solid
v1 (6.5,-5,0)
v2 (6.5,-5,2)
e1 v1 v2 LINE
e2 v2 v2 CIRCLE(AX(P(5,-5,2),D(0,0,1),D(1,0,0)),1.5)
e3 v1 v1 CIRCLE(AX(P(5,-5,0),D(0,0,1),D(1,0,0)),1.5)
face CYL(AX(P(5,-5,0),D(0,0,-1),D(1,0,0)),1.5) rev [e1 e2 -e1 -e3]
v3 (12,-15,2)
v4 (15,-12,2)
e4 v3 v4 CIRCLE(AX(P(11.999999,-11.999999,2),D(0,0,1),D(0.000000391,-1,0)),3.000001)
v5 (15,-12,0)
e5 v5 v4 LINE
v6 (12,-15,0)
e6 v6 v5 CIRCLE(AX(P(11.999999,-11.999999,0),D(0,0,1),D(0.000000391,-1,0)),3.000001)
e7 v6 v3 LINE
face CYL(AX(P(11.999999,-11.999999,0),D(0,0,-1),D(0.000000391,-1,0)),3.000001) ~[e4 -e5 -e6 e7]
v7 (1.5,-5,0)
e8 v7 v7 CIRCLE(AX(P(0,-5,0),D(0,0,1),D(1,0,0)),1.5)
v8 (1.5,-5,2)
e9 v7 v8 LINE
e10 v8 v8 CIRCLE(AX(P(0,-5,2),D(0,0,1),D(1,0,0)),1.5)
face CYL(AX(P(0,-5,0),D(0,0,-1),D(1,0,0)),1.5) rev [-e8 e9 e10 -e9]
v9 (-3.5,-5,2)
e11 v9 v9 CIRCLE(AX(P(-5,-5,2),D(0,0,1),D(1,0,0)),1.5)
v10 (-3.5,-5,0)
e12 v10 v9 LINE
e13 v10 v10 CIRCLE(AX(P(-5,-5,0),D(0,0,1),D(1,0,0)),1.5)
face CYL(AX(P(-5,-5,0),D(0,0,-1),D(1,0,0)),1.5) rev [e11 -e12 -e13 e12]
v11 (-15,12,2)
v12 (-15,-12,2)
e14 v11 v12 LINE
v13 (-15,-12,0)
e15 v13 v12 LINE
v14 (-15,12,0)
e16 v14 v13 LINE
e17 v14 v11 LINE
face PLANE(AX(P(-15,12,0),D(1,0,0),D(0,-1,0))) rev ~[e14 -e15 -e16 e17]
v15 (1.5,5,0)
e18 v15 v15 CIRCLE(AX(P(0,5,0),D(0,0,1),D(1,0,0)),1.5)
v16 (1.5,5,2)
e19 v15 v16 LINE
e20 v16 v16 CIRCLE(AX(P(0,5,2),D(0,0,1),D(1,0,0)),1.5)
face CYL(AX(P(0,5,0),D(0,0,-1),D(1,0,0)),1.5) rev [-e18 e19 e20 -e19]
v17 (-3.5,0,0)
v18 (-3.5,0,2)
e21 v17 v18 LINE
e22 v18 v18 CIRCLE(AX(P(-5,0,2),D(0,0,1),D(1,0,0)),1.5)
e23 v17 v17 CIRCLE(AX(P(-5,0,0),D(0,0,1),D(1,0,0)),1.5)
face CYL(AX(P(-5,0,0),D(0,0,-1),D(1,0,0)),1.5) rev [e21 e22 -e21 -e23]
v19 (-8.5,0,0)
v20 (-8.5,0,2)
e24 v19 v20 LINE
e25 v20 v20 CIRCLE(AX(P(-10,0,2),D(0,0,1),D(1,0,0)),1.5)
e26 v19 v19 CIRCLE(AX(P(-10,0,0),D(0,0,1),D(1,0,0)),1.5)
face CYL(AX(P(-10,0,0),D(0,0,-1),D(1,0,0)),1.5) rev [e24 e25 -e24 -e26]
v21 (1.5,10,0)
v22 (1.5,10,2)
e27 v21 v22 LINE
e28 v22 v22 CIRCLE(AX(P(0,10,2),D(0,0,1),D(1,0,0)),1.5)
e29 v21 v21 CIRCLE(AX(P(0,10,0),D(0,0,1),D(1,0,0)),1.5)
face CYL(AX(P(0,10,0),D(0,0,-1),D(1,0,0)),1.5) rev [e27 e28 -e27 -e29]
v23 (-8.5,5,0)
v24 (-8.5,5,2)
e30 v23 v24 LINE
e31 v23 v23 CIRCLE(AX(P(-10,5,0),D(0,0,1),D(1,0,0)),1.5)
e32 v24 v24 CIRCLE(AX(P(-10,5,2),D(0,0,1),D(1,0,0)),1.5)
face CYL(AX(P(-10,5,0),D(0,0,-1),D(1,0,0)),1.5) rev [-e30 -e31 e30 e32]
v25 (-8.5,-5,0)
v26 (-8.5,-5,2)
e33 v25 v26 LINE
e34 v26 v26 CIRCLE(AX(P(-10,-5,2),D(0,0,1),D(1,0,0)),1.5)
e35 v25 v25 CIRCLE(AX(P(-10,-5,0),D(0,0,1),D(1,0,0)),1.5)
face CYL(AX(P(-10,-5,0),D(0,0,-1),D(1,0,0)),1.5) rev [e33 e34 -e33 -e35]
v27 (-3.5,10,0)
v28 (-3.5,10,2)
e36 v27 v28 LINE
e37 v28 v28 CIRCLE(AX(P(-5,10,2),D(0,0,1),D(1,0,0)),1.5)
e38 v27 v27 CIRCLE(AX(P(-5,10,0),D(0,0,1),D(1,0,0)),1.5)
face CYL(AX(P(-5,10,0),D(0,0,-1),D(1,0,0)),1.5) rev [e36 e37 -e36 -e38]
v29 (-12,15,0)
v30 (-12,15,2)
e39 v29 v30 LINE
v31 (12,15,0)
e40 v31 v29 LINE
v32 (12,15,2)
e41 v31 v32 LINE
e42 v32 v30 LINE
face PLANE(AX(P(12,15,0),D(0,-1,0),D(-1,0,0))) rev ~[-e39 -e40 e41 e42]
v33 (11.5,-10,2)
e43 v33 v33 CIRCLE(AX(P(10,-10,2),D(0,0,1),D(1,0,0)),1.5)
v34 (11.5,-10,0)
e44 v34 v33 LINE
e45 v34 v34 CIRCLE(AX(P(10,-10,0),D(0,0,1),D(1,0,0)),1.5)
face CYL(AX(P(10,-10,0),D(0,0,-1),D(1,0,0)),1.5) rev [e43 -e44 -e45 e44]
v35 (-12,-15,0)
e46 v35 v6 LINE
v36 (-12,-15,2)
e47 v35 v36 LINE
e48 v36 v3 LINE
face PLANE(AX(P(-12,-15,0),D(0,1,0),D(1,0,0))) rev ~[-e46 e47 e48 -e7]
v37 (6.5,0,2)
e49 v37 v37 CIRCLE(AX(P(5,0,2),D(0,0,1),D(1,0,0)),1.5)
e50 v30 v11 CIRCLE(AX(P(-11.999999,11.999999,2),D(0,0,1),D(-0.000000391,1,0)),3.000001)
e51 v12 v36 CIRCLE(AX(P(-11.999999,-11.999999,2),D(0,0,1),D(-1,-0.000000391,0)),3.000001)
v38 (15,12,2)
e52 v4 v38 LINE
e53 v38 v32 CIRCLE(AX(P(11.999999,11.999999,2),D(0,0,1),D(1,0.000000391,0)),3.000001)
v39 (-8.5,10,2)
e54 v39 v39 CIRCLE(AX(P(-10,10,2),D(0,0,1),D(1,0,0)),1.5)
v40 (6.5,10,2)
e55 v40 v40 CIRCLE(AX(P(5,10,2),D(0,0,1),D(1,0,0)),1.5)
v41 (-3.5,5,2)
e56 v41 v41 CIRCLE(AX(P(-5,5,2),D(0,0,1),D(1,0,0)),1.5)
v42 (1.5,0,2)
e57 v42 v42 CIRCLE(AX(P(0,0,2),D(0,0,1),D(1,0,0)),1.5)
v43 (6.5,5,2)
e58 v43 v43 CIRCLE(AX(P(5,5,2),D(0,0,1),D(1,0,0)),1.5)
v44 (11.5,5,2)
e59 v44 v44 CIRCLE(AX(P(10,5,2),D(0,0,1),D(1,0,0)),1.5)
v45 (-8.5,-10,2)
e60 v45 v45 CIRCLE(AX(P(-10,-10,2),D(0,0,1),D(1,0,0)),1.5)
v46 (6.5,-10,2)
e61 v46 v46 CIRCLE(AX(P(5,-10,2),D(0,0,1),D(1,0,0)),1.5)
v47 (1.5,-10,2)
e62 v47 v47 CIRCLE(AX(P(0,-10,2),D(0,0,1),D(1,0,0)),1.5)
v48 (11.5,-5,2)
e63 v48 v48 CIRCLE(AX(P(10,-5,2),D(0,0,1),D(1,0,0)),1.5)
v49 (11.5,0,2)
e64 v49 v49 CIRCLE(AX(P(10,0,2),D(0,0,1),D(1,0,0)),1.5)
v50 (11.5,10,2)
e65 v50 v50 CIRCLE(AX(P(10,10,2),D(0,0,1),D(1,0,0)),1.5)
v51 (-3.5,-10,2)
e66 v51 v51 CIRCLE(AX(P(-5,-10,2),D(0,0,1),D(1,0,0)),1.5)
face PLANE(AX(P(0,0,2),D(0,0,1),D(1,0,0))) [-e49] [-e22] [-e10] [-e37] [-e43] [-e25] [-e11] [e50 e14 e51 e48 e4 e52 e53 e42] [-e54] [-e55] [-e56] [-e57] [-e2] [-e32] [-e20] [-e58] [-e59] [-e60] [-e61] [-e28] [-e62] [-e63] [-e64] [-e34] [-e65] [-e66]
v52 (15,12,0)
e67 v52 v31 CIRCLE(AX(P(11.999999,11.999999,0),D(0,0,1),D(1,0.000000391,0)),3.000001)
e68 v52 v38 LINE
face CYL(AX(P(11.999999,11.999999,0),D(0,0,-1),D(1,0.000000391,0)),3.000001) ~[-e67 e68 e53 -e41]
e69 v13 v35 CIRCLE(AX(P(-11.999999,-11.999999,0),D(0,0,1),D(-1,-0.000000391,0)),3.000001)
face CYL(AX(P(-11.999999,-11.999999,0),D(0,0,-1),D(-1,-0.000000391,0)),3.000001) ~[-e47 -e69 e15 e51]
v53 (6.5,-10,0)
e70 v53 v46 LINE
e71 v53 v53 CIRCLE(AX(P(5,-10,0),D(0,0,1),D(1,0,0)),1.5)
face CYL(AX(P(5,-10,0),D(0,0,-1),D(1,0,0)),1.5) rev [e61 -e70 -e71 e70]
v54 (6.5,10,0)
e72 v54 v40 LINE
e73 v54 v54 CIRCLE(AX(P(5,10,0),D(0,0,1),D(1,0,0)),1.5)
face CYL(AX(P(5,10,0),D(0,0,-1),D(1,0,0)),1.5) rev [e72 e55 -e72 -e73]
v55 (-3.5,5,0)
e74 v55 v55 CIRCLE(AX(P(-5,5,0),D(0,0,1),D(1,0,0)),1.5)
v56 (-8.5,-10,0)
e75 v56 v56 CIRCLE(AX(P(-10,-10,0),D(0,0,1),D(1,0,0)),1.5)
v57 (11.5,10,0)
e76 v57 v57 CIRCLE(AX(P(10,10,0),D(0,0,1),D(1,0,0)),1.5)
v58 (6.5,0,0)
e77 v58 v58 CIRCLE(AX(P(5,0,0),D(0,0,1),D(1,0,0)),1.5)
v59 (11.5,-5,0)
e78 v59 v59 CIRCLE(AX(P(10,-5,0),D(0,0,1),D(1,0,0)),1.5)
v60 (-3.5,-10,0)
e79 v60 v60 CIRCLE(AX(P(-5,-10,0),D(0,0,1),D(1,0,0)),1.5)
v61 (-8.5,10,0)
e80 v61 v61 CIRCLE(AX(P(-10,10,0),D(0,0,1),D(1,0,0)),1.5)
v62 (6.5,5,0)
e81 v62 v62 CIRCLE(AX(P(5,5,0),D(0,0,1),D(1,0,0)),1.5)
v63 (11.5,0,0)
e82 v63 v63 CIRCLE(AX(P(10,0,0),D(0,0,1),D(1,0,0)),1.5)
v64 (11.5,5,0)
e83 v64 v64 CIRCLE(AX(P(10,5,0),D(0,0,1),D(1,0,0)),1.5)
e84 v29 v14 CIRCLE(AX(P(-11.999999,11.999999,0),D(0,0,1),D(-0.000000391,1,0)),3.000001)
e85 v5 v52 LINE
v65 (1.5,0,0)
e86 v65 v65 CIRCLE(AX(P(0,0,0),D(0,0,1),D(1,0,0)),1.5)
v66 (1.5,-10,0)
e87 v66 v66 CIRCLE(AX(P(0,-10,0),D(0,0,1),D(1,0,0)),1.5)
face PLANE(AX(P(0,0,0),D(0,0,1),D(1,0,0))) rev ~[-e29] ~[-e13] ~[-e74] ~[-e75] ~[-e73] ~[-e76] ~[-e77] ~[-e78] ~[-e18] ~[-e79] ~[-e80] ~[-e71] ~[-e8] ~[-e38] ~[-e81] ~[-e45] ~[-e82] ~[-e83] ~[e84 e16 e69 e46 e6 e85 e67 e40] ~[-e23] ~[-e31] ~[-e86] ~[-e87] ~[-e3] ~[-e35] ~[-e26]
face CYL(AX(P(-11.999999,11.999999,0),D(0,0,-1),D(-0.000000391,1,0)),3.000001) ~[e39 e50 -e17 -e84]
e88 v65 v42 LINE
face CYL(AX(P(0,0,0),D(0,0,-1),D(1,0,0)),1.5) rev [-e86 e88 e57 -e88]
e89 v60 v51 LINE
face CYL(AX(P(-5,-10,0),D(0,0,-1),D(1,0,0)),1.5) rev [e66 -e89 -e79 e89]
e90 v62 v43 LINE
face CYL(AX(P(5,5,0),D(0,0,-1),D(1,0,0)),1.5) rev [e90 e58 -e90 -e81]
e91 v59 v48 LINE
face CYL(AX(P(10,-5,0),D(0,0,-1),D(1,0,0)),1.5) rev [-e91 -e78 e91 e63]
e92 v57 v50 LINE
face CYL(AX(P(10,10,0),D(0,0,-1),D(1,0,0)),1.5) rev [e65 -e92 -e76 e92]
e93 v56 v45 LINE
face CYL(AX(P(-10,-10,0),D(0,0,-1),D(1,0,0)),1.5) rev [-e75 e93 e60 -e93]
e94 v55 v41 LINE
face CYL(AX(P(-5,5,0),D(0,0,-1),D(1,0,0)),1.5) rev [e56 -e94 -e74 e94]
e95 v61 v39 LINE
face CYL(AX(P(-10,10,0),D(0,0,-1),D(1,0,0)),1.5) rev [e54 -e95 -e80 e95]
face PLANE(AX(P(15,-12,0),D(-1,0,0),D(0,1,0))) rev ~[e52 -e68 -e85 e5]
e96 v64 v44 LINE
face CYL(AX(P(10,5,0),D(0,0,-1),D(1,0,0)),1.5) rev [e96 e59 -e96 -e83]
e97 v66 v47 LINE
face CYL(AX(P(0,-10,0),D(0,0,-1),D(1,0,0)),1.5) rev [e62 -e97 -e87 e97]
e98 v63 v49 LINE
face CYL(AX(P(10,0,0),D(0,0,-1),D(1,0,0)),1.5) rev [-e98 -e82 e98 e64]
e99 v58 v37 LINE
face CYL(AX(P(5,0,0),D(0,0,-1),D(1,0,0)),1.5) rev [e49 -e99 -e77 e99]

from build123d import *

# Parameters (mm, degrees)
F0_R     = 1.5
F1_DEPTH = 2


with BuildPart() as f1:
    # F0 (on Top) → F1 (new body)
    with BuildSketch(Plane.XY):
        with BuildLine():
            Line((-12, -15), (12, -15))
            ThreePointArc((12, -15), (14.12132, -14.12132), (15, -12))
            Line((15, -12), (15, 12))
            ThreePointArc((15, 12), (14.12132, 14.12132), (12, 15))
            Line((12, 15), (-12, 15))
            ThreePointArc((-12, 15), (-14.12132, 14.12132), (-15, 12))
            Line((-15, 12), (-15, -12))
            ThreePointArc((-15, -12), (-14.12132, -14.12132), (-12, -15))
        make_face()
        with Locations((-10, -10)):
            Circle(F0_R, mode=Mode.SUBTRACT)
        with Locations((-5, -10)):
            Circle(F0_R, mode=Mode.SUBTRACT)
        with Locations((0, -10)):
            Circle(F0_R, mode=Mode.SUBTRACT)
        with Locations((-10, -5)):
            Circle(F0_R, mode=Mode.SUBTRACT)
        with Locations((-5, -5)):
            Circle(F0_R, mode=Mode.SUBTRACT)
        with Locations((0, -5)):
            Circle(F0_R, mode=Mode.SUBTRACT)
        with Locations((5, -10)):
            Circle(F0_R, mode=Mode.SUBTRACT)
        with Locations((10, -10)):
            Circle(F0_R, mode=Mode.SUBTRACT)
        with Locations((5, -5)):
            Circle(F0_R, mode=Mode.SUBTRACT)
        with Locations((10, -5)):
            Circle(F0_R, mode=Mode.SUBTRACT)
        with Locations((-10, 0)):
            Circle(F0_R, mode=Mode.SUBTRACT)
        with Locations((-10, 5)):
            Circle(F0_R, mode=Mode.SUBTRACT)
        with Locations((-5, 0)):
            Circle(F0_R, mode=Mode.SUBTRACT)
        Circle(F0_R, mode=Mode.SUBTRACT)
        with Locations((-5, 5)):
            Circle(F0_R, mode=Mode.SUBTRACT)
        with Locations((0, 5)):
            Circle(F0_R, mode=Mode.SUBTRACT)
        with Locations((-10, 10)):
            Circle(F0_R, mode=Mode.SUBTRACT)
        with Locations((-5, 10)):
            Circle(F0_R, mode=Mode.SUBTRACT)
        with Locations((0, 10)):
            Circle(F0_R, mode=Mode.SUBTRACT)
        with Locations((5, 0)):
            Circle(F0_R, mode=Mode.SUBTRACT)
        with Locations((5, 5)):
            Circle(F0_R, mode=Mode.SUBTRACT)
        with Locations((10, 0)):
            Circle(F0_R, mode=Mode.SUBTRACT)
        with Locations((10, 5)):
            Circle(F0_R, mode=Mode.SUBTRACT)
        with Locations((5, 10)):
            Circle(F0_R, mode=Mode.SUBTRACT)
        with Locations((10, 10)):
            Circle(F0_R, mode=Mode.SUBTRACT)
    extrude(amount=F1_DEPTH)


solid = f1.part
